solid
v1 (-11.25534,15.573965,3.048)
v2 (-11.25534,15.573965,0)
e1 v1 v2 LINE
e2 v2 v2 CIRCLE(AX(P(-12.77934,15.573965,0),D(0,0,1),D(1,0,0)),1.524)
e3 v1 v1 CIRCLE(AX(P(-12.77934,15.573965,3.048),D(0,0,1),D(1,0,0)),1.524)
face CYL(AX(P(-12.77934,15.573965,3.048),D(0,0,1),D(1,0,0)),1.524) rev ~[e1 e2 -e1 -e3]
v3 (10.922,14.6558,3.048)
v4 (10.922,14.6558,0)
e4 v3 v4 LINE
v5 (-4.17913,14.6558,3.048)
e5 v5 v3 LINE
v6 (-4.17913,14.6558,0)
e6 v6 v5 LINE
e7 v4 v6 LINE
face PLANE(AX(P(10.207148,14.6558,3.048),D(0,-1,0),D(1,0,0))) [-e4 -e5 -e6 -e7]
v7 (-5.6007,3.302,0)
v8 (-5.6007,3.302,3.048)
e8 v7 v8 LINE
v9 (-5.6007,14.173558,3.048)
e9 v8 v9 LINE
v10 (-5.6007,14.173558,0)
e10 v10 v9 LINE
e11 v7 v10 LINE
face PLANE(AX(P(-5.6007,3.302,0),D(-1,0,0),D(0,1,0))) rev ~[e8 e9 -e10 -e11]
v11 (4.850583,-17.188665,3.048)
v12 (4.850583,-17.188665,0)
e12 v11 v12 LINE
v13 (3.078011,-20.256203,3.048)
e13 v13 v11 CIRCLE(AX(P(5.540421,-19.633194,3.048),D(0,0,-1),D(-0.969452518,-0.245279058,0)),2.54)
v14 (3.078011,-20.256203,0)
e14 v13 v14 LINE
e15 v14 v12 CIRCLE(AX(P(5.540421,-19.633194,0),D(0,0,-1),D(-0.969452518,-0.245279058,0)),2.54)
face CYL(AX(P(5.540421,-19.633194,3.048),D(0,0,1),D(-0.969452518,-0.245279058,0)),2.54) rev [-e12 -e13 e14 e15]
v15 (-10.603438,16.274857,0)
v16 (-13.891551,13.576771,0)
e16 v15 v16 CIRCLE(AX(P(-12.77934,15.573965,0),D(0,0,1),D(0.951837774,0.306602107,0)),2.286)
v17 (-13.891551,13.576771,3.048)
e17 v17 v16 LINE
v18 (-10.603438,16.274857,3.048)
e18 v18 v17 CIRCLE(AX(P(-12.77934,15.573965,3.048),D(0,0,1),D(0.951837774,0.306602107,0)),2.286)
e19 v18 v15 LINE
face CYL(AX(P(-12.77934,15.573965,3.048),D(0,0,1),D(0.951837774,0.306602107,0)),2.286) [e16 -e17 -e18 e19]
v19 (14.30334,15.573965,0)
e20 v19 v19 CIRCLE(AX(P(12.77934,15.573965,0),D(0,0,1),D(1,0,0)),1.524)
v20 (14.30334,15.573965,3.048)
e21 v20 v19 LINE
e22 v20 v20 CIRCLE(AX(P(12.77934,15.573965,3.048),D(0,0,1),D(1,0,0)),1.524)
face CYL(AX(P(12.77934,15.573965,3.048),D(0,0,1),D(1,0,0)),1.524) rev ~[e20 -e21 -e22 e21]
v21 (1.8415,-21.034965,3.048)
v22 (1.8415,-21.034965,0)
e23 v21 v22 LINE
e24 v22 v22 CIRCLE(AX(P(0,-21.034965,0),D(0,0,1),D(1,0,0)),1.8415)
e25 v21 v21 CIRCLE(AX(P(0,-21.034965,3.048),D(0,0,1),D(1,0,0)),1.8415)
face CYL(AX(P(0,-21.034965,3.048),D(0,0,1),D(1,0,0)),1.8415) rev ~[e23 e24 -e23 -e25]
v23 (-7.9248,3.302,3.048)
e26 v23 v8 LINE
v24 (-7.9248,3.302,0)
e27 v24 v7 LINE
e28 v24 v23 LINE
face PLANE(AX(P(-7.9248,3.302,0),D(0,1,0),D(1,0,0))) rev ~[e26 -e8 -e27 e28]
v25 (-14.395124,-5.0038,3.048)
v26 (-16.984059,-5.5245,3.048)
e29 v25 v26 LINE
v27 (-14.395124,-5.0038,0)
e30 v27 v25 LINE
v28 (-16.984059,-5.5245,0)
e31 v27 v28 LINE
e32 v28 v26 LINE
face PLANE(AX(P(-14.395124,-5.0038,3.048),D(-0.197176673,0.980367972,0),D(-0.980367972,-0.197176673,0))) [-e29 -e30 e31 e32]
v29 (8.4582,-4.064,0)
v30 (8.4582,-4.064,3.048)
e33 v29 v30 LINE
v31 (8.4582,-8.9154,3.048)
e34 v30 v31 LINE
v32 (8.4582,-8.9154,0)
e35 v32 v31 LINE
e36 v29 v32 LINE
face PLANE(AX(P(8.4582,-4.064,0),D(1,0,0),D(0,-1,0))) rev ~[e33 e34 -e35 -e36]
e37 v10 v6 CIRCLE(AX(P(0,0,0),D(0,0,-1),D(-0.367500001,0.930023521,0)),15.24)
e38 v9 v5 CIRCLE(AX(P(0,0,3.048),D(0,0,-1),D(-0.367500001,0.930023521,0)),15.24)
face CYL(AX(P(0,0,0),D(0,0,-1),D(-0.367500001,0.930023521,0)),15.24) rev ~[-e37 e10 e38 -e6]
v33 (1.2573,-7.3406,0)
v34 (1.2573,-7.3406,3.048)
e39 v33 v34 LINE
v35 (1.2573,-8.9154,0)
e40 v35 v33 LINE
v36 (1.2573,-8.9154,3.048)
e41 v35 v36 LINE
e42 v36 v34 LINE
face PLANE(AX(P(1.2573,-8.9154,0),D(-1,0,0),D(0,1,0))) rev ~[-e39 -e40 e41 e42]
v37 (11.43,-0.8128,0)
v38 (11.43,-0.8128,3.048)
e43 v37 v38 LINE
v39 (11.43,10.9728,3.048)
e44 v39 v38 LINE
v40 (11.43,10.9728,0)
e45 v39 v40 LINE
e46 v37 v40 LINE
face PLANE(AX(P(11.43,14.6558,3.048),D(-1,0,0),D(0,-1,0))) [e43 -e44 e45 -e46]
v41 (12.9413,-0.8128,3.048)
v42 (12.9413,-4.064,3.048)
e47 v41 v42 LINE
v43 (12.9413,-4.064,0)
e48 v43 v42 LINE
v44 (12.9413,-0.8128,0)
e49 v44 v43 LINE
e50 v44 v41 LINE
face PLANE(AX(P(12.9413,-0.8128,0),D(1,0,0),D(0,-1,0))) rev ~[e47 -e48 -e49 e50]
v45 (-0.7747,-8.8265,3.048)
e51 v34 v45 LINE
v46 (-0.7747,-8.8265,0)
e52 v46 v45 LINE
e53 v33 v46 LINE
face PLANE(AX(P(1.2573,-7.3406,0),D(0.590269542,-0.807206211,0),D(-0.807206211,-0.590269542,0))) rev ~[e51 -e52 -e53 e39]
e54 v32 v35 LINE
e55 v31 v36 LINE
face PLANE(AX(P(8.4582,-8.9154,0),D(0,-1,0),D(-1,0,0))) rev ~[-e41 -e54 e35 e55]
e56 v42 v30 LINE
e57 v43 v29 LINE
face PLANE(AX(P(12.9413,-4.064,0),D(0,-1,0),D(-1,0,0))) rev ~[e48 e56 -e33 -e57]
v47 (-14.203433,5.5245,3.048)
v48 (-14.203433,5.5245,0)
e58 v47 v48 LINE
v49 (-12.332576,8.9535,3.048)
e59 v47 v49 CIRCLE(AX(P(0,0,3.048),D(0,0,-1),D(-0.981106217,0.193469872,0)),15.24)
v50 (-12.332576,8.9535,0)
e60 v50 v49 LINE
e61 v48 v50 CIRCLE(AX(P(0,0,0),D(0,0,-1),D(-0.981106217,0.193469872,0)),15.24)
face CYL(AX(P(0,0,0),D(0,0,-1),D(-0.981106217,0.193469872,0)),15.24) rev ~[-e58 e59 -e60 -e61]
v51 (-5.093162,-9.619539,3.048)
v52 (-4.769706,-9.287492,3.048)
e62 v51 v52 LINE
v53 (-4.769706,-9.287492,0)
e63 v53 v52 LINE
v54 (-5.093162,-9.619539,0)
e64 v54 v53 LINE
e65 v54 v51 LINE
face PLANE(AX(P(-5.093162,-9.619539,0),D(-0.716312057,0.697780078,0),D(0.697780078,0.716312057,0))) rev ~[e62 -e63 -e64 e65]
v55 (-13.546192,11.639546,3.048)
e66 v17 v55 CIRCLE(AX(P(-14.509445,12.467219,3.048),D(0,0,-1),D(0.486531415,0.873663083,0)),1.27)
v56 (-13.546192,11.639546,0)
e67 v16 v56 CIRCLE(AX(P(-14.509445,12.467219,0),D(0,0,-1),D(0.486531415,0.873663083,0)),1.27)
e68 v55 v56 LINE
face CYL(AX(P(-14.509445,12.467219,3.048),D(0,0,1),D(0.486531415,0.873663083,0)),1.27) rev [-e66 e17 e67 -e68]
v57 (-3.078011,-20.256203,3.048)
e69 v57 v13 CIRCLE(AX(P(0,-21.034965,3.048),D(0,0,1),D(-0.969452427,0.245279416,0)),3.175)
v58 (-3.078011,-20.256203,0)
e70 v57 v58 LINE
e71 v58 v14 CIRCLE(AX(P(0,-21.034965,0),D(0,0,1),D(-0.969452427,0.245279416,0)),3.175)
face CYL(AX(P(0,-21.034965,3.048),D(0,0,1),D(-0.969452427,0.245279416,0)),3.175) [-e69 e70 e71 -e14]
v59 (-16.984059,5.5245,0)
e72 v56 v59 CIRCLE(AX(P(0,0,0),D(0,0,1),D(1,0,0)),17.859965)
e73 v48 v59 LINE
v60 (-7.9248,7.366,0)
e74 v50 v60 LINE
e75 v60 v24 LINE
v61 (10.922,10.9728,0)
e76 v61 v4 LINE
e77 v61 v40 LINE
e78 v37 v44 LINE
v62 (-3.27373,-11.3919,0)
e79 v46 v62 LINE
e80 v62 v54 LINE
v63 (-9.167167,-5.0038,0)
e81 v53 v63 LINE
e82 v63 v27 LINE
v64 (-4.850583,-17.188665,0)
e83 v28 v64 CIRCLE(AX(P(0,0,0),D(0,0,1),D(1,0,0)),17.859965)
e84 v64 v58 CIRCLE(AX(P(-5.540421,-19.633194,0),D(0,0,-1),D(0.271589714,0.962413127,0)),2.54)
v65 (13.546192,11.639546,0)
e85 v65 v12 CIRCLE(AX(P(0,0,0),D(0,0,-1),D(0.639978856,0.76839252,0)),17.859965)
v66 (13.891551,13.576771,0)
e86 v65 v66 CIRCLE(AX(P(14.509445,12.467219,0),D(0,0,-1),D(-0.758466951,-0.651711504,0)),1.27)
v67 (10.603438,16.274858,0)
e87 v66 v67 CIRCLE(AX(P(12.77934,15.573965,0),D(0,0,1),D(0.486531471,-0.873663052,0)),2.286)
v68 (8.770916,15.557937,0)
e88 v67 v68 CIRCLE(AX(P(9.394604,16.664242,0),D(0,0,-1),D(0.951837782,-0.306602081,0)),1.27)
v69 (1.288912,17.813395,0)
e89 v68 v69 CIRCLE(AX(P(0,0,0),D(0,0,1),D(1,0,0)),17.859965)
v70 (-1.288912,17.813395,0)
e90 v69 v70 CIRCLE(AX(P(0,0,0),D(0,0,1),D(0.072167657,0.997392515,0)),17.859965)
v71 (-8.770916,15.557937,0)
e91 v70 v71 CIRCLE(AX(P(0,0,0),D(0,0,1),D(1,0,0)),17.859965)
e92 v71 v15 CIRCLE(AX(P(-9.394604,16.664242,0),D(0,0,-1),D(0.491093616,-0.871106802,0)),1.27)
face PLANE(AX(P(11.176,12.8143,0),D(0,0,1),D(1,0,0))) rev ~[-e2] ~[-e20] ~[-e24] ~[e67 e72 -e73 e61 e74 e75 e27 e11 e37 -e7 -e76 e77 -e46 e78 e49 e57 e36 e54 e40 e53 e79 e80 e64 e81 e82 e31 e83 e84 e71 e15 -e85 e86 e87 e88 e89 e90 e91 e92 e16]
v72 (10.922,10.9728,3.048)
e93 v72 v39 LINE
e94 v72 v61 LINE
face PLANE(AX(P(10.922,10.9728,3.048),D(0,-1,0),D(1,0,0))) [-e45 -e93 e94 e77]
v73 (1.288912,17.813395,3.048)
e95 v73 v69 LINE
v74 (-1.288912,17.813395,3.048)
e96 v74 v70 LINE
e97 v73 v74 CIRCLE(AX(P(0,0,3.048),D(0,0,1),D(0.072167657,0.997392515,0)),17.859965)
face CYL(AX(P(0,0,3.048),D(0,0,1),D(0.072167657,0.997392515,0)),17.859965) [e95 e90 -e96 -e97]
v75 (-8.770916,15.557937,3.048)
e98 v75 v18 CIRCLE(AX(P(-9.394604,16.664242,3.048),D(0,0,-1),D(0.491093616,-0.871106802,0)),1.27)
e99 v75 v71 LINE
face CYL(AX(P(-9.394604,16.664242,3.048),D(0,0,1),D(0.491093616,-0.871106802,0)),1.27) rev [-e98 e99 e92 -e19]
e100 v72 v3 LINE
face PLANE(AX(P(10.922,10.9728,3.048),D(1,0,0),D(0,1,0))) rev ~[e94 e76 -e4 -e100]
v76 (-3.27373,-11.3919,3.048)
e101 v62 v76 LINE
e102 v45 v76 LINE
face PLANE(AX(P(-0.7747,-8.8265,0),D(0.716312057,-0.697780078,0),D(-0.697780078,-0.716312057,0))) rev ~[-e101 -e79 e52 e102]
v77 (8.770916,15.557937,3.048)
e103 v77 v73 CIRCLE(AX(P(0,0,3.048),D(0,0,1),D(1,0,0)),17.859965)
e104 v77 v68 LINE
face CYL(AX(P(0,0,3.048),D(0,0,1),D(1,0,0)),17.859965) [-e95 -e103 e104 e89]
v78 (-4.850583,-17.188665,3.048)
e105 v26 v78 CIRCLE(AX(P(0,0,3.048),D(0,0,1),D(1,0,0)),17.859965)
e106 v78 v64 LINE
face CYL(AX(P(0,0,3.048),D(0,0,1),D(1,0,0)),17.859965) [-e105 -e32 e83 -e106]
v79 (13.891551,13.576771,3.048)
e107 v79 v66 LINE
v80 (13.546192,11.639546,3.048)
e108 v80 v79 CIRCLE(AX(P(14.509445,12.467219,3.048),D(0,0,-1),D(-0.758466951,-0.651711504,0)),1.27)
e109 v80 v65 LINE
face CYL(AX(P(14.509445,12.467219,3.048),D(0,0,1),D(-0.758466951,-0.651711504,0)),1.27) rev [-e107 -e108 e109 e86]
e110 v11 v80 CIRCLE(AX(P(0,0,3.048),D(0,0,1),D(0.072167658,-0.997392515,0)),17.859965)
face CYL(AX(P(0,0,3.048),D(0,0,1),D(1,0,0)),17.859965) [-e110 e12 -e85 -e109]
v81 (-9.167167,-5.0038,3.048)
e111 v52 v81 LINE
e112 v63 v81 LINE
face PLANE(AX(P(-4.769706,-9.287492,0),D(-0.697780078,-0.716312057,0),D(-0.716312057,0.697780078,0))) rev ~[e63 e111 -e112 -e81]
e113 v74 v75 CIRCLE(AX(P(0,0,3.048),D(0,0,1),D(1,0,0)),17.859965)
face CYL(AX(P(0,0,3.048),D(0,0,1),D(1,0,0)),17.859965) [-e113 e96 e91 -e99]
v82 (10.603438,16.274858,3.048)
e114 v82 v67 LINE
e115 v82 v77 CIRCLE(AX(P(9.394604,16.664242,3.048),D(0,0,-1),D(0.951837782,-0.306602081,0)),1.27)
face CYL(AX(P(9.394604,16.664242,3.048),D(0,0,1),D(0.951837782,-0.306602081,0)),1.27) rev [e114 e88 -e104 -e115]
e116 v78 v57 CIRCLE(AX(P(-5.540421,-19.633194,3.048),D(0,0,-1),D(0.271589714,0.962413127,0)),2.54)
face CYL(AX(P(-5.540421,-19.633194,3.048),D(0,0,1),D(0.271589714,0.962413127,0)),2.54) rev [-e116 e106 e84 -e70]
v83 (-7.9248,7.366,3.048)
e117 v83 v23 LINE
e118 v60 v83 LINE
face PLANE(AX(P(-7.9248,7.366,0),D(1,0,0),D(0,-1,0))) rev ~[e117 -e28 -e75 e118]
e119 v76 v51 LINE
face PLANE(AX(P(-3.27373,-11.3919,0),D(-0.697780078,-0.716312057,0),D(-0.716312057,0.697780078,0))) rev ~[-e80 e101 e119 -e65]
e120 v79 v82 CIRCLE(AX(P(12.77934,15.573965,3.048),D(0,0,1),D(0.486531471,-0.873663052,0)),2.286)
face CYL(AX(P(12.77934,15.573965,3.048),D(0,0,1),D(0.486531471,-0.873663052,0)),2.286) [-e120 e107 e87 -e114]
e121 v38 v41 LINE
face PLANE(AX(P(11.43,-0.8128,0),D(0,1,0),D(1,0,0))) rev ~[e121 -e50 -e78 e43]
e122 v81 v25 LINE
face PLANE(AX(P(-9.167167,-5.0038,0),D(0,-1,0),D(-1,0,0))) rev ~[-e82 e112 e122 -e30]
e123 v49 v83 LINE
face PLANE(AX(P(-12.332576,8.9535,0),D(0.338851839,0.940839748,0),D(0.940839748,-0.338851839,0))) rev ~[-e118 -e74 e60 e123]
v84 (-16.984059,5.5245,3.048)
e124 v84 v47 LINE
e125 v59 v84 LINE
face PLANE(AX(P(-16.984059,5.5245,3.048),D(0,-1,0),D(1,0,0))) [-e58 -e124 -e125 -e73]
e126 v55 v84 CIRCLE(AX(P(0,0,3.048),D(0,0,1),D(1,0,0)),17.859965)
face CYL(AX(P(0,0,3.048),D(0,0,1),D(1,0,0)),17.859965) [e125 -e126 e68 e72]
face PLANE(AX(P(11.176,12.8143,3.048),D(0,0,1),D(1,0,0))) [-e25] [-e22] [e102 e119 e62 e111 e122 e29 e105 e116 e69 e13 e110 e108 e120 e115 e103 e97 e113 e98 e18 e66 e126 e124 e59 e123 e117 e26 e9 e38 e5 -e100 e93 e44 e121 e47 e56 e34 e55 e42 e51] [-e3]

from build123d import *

# Parameters (mm, degrees)
SKETCH1_R           = 1.4224
BOSS_EXTRUDE1_DEPTH = 3.048
CUT_EXTRUDE1_DEPTH  = 31.684629768
SKETCH3_R           = 21.59
SKETCH3_R_2         = 17.859965052
CUT_EXTRUDE2_DEPTH  = 31.684629768
SKETCH4_R           = 1.524
SKETCH4_R_2         = 1.8415
BOSS_EXTRUDE3_DEPTH = 3.048
SKETCH7_W           = 0.508
SKETCH7_H           = 3.683
BOSS_EXTRUDE4_DEPTH = 3.048


with BuildPart() as part:
    # Sketch1 → Boss-Extrude1 (new body)
    with BuildSketch(Plane.XY):
        with BuildLine():
            Line((-14.952058744, -2.948480848), (-16.984058744, -2.948480848))
            Line((-16.984058744, -2.948480848), (-16.984058744, -5.5245))
            Line((-16.984058744, -5.5245), (-20.871224203, -5.5245))
            ThreePointArc((-20.871224203, -5.5245), (21.59, 0), (-20.871224203, 5.5245))
            Line((-20.871224203, 5.5245), (-16.984058744, 5.5245))
            Line((-16.984058744, 5.5245), (-16.984058744, 2.948480848))
            Line((-16.984058744, 2.948480848), (-14.952058744, 2.948480848))
            ThreePointArc((-14.952058744, 2.948480848), (-13.968818521, 6.093415226), (-12.332576282, 8.9535))
            Line((-12.332576282, 8.9535), (-7.9248, 7.366))
            Line((-7.9248, 7.366), (-7.9248, 3.302))
            Line((-7.9248, 3.302), (-5.6007, 3.302))
            Line((-5.6007, 3.302), (-5.6007, 14.173558463))
            ThreePointArc((-5.6007, 14.173558463), (-4.895856129, 14.43219293), (-4.179129857, 14.6558))
            Line((-4.179129857, 14.6558), (4.179129857, 14.6558))
            Line((4.179129857, 14.6558), (11.43, 14.6558))
            Line((11.43, 14.6558), (11.43, -0.8128))
            Line((11.43, -0.8128), (12.9413, -0.8128))
            Line((12.9413, -0.8128), (12.9413, -4.064))
            Line((12.9413, -4.064), (8.4582, -4.064))
            Line((8.4582, -4.064), (8.4582, -8.9154))
            Line((8.4582, -8.9154), (1.2573, -8.9154))
            Line((1.2573, -8.9154), (1.2573, -7.3406))
            Line((1.2573, -7.3406), (-0.7747, -8.8265))
            Line((-0.7747, -8.8265), (-3.273729572, -11.3919))
            Line((-3.273729572, -11.3919), (-5.093162196, -9.619538602))
            Line((-5.093162196, -9.619538602), (-4.769706241, -9.287492148))
            Line((-4.769706241, -9.287492148), (-9.167166743, -5.0038))
            Line((-9.167166743, -5.0038), (-14.395123673, -5.0038))
            ThreePointArc((-14.395123673, -5.0038), (-14.709533071, -3.985879682), (-14.952058744, -2.948480848))
        make_face()
        with Locations(Location((0, 18.415, 0), (0, 0, 180))):
            Circle(SKETCH1_R, mode=Mode.SUBTRACT)
        with Locations(Location((0, -18.415, 0), (0, 0, 180))):
            Circle(SKETCH1_R, mode=Mode.SUBTRACT)
    extrude(amount=BOSS_EXTRUDE1_DEPTH)

    # Sketch2 → Cut-Extrude1 (cut, through all)
    with BuildSketch(Plane.XY.offset(3.048)):
        Polygon((-14.395123673, -5.0038), (-16.984058744, -5.5245), (-16.984058744, 5.5245), (-14.203432675, 5.5245), align=None)
    extrude(amount=-CUT_EXTRUDE1_DEPTH, mode=Mode.SUBTRACT)

    # Sketch3 → Cut-Extrude2 (cut, through all)
    with BuildSketch(Plane.XY.offset(3.048)):
        Circle(SKETCH3_R)
        Circle(SKETCH3_R_2, mode=Mode.SUBTRACT)
    extrude(amount=-CUT_EXTRUDE2_DEPTH, mode=Mode.SUBTRACT)


with BuildPart() as cut_extrude2_piece_1:
    # of the separate pieces the step leaves, piece 1, a body of its own (cut_extrude2_pieces)
    add(part.part.solids().sort_by_distance((-14.395123673, -5.0038, 0))[0])



with BuildPart() as cut_extrude2_piece_2:
    # of the separate pieces the step leaves, piece 2, a body of its own (cut_extrude2_pieces)
    add(part.part.solids().sort_by_distance((-16.984058744, 5.5245, 0))[0])


with BuildPart() as cut_extrude2_piece_1_1:
    add(cut_extrude2_piece_1.part)

    add(cut_extrude2_piece_2.part)  # Boss-Extrude3 merges Cut-Extrude2 piece 2
    # Sketch4 → Boss-Extrude3 (add)
    # profile 1 of 4: a face of its own
    with BuildSketch(Plane.XY.offset(3.048)):
        with BuildLine():
            ThreePointArc((8.770915547, 15.557936629), (9.49974685, 15.123926787), (10.207148379, 14.6558))
            Line((10.207148379, 14.6558), (11.43, 14.6558))
            Line((11.43, 14.6558), (11.43, 13.723463545))
            ThreePointArc((11.43, 13.723463545), (12.531489365, 12.72556977), (13.546192441, 11.639545611))
            ThreePointArc((13.546192441, 11.639545611), (13.259158271, 12.690113644), (13.891550536, 13.576771317))
            ThreePointArc((13.891550536, 13.576771317), (14.229434963, 17.341171724), (10.603438482, 16.274857592))
            ThreePointArc((10.603438482, 16.274857592), (9.857305907, 15.481530348), (8.770915547, 15.557936629))
        make_face()
        with Locations((12.779339593, 15.573965052)):
            Circle(SKETCH4_R, mode=Mode.SUBTRACT)
    # profile 2 of 4: a face of its own
    with BuildSketch(Plane.XY.offset(3.048)):
        with BuildLine():
            ThreePointArc((-1.288911844, 17.813395463), (0, 16.9926), (1.288911844, 17.813395463))
            ThreePointArc((1.288911844, 17.813395463), (0, 17.859965052), (-1.288911844, 17.813395463))
        make_face()
    # profile 3 of 4: a face of its own
    with BuildSketch(Plane.XY.offset(3.048)):
        with BuildLine():
            ThreePointArc((-8.770915605, 15.557936596), (-9.857305878, 15.481530337), (-10.603438442, 16.274857469))
            ThreePointArc((-10.603438442, 16.274857469), (-14.229434898, 17.341171777), (-13.891550571, 13.576771336))
            ThreePointArc((-13.891550571, 13.576771336), (-13.259158271, 12.690113644), (-13.546192467, 11.639545581))
            ThreePointArc((-13.546192467, 11.639545581), (-11.329244247, 13.806758362), (-8.770915605, 15.557936596))
        make_face()
        with Locations((-12.779339593, 15.573965052)):
            Circle(SKETCH4_R, mode=Mode.SUBTRACT)
    # profile 4 of 4: a face of its own
    with BuildSketch(Plane.XY.offset(3.048)):
        with BuildLine():
            ThreePointArc((3.078011458, -20.256202915), (3.341190672, -18.362372873), (4.85058289, -17.188664791))
            ThreePointArc((4.85058289, -17.188664791), (3.085598969, -17.591402181), (1.288911844, -17.813395463))
            ThreePointArc((1.288911844, -17.813395463), (0, -16.9926), (-1.288911844, -17.813395463))
            ThreePointArc((-1.288911844, -17.813395463), (-3.085599014, -17.591402173), (-4.850582978, -17.188664766))
            ThreePointArc((-4.850582978, -17.188664766), (-3.341190697, -18.36237283), (-3.078011456, -20.256202907))
            ThreePointArc((-3.078011456, -20.256202907), (-4e-09, -24.209965052), (3.078011458, -20.256202915))
        make_face()
        with Locations((0, -21.034965052)):
            Circle(SKETCH4_R_2, mode=Mode.SUBTRACT)
    extrude(amount=-BOSS_EXTRUDE3_DEPTH)

    # Sketch7 → Boss-Extrude4 (add)
    with BuildSketch(Plane.XY.offset(3.048)):
        with Locations((11.176, 12.8143)):
            Rectangle(SKETCH7_W, SKETCH7_H)
    extrude(amount=-BOSS_EXTRUDE4_DEPTH)


solid = cut_extrude2_piece_1_1.part
